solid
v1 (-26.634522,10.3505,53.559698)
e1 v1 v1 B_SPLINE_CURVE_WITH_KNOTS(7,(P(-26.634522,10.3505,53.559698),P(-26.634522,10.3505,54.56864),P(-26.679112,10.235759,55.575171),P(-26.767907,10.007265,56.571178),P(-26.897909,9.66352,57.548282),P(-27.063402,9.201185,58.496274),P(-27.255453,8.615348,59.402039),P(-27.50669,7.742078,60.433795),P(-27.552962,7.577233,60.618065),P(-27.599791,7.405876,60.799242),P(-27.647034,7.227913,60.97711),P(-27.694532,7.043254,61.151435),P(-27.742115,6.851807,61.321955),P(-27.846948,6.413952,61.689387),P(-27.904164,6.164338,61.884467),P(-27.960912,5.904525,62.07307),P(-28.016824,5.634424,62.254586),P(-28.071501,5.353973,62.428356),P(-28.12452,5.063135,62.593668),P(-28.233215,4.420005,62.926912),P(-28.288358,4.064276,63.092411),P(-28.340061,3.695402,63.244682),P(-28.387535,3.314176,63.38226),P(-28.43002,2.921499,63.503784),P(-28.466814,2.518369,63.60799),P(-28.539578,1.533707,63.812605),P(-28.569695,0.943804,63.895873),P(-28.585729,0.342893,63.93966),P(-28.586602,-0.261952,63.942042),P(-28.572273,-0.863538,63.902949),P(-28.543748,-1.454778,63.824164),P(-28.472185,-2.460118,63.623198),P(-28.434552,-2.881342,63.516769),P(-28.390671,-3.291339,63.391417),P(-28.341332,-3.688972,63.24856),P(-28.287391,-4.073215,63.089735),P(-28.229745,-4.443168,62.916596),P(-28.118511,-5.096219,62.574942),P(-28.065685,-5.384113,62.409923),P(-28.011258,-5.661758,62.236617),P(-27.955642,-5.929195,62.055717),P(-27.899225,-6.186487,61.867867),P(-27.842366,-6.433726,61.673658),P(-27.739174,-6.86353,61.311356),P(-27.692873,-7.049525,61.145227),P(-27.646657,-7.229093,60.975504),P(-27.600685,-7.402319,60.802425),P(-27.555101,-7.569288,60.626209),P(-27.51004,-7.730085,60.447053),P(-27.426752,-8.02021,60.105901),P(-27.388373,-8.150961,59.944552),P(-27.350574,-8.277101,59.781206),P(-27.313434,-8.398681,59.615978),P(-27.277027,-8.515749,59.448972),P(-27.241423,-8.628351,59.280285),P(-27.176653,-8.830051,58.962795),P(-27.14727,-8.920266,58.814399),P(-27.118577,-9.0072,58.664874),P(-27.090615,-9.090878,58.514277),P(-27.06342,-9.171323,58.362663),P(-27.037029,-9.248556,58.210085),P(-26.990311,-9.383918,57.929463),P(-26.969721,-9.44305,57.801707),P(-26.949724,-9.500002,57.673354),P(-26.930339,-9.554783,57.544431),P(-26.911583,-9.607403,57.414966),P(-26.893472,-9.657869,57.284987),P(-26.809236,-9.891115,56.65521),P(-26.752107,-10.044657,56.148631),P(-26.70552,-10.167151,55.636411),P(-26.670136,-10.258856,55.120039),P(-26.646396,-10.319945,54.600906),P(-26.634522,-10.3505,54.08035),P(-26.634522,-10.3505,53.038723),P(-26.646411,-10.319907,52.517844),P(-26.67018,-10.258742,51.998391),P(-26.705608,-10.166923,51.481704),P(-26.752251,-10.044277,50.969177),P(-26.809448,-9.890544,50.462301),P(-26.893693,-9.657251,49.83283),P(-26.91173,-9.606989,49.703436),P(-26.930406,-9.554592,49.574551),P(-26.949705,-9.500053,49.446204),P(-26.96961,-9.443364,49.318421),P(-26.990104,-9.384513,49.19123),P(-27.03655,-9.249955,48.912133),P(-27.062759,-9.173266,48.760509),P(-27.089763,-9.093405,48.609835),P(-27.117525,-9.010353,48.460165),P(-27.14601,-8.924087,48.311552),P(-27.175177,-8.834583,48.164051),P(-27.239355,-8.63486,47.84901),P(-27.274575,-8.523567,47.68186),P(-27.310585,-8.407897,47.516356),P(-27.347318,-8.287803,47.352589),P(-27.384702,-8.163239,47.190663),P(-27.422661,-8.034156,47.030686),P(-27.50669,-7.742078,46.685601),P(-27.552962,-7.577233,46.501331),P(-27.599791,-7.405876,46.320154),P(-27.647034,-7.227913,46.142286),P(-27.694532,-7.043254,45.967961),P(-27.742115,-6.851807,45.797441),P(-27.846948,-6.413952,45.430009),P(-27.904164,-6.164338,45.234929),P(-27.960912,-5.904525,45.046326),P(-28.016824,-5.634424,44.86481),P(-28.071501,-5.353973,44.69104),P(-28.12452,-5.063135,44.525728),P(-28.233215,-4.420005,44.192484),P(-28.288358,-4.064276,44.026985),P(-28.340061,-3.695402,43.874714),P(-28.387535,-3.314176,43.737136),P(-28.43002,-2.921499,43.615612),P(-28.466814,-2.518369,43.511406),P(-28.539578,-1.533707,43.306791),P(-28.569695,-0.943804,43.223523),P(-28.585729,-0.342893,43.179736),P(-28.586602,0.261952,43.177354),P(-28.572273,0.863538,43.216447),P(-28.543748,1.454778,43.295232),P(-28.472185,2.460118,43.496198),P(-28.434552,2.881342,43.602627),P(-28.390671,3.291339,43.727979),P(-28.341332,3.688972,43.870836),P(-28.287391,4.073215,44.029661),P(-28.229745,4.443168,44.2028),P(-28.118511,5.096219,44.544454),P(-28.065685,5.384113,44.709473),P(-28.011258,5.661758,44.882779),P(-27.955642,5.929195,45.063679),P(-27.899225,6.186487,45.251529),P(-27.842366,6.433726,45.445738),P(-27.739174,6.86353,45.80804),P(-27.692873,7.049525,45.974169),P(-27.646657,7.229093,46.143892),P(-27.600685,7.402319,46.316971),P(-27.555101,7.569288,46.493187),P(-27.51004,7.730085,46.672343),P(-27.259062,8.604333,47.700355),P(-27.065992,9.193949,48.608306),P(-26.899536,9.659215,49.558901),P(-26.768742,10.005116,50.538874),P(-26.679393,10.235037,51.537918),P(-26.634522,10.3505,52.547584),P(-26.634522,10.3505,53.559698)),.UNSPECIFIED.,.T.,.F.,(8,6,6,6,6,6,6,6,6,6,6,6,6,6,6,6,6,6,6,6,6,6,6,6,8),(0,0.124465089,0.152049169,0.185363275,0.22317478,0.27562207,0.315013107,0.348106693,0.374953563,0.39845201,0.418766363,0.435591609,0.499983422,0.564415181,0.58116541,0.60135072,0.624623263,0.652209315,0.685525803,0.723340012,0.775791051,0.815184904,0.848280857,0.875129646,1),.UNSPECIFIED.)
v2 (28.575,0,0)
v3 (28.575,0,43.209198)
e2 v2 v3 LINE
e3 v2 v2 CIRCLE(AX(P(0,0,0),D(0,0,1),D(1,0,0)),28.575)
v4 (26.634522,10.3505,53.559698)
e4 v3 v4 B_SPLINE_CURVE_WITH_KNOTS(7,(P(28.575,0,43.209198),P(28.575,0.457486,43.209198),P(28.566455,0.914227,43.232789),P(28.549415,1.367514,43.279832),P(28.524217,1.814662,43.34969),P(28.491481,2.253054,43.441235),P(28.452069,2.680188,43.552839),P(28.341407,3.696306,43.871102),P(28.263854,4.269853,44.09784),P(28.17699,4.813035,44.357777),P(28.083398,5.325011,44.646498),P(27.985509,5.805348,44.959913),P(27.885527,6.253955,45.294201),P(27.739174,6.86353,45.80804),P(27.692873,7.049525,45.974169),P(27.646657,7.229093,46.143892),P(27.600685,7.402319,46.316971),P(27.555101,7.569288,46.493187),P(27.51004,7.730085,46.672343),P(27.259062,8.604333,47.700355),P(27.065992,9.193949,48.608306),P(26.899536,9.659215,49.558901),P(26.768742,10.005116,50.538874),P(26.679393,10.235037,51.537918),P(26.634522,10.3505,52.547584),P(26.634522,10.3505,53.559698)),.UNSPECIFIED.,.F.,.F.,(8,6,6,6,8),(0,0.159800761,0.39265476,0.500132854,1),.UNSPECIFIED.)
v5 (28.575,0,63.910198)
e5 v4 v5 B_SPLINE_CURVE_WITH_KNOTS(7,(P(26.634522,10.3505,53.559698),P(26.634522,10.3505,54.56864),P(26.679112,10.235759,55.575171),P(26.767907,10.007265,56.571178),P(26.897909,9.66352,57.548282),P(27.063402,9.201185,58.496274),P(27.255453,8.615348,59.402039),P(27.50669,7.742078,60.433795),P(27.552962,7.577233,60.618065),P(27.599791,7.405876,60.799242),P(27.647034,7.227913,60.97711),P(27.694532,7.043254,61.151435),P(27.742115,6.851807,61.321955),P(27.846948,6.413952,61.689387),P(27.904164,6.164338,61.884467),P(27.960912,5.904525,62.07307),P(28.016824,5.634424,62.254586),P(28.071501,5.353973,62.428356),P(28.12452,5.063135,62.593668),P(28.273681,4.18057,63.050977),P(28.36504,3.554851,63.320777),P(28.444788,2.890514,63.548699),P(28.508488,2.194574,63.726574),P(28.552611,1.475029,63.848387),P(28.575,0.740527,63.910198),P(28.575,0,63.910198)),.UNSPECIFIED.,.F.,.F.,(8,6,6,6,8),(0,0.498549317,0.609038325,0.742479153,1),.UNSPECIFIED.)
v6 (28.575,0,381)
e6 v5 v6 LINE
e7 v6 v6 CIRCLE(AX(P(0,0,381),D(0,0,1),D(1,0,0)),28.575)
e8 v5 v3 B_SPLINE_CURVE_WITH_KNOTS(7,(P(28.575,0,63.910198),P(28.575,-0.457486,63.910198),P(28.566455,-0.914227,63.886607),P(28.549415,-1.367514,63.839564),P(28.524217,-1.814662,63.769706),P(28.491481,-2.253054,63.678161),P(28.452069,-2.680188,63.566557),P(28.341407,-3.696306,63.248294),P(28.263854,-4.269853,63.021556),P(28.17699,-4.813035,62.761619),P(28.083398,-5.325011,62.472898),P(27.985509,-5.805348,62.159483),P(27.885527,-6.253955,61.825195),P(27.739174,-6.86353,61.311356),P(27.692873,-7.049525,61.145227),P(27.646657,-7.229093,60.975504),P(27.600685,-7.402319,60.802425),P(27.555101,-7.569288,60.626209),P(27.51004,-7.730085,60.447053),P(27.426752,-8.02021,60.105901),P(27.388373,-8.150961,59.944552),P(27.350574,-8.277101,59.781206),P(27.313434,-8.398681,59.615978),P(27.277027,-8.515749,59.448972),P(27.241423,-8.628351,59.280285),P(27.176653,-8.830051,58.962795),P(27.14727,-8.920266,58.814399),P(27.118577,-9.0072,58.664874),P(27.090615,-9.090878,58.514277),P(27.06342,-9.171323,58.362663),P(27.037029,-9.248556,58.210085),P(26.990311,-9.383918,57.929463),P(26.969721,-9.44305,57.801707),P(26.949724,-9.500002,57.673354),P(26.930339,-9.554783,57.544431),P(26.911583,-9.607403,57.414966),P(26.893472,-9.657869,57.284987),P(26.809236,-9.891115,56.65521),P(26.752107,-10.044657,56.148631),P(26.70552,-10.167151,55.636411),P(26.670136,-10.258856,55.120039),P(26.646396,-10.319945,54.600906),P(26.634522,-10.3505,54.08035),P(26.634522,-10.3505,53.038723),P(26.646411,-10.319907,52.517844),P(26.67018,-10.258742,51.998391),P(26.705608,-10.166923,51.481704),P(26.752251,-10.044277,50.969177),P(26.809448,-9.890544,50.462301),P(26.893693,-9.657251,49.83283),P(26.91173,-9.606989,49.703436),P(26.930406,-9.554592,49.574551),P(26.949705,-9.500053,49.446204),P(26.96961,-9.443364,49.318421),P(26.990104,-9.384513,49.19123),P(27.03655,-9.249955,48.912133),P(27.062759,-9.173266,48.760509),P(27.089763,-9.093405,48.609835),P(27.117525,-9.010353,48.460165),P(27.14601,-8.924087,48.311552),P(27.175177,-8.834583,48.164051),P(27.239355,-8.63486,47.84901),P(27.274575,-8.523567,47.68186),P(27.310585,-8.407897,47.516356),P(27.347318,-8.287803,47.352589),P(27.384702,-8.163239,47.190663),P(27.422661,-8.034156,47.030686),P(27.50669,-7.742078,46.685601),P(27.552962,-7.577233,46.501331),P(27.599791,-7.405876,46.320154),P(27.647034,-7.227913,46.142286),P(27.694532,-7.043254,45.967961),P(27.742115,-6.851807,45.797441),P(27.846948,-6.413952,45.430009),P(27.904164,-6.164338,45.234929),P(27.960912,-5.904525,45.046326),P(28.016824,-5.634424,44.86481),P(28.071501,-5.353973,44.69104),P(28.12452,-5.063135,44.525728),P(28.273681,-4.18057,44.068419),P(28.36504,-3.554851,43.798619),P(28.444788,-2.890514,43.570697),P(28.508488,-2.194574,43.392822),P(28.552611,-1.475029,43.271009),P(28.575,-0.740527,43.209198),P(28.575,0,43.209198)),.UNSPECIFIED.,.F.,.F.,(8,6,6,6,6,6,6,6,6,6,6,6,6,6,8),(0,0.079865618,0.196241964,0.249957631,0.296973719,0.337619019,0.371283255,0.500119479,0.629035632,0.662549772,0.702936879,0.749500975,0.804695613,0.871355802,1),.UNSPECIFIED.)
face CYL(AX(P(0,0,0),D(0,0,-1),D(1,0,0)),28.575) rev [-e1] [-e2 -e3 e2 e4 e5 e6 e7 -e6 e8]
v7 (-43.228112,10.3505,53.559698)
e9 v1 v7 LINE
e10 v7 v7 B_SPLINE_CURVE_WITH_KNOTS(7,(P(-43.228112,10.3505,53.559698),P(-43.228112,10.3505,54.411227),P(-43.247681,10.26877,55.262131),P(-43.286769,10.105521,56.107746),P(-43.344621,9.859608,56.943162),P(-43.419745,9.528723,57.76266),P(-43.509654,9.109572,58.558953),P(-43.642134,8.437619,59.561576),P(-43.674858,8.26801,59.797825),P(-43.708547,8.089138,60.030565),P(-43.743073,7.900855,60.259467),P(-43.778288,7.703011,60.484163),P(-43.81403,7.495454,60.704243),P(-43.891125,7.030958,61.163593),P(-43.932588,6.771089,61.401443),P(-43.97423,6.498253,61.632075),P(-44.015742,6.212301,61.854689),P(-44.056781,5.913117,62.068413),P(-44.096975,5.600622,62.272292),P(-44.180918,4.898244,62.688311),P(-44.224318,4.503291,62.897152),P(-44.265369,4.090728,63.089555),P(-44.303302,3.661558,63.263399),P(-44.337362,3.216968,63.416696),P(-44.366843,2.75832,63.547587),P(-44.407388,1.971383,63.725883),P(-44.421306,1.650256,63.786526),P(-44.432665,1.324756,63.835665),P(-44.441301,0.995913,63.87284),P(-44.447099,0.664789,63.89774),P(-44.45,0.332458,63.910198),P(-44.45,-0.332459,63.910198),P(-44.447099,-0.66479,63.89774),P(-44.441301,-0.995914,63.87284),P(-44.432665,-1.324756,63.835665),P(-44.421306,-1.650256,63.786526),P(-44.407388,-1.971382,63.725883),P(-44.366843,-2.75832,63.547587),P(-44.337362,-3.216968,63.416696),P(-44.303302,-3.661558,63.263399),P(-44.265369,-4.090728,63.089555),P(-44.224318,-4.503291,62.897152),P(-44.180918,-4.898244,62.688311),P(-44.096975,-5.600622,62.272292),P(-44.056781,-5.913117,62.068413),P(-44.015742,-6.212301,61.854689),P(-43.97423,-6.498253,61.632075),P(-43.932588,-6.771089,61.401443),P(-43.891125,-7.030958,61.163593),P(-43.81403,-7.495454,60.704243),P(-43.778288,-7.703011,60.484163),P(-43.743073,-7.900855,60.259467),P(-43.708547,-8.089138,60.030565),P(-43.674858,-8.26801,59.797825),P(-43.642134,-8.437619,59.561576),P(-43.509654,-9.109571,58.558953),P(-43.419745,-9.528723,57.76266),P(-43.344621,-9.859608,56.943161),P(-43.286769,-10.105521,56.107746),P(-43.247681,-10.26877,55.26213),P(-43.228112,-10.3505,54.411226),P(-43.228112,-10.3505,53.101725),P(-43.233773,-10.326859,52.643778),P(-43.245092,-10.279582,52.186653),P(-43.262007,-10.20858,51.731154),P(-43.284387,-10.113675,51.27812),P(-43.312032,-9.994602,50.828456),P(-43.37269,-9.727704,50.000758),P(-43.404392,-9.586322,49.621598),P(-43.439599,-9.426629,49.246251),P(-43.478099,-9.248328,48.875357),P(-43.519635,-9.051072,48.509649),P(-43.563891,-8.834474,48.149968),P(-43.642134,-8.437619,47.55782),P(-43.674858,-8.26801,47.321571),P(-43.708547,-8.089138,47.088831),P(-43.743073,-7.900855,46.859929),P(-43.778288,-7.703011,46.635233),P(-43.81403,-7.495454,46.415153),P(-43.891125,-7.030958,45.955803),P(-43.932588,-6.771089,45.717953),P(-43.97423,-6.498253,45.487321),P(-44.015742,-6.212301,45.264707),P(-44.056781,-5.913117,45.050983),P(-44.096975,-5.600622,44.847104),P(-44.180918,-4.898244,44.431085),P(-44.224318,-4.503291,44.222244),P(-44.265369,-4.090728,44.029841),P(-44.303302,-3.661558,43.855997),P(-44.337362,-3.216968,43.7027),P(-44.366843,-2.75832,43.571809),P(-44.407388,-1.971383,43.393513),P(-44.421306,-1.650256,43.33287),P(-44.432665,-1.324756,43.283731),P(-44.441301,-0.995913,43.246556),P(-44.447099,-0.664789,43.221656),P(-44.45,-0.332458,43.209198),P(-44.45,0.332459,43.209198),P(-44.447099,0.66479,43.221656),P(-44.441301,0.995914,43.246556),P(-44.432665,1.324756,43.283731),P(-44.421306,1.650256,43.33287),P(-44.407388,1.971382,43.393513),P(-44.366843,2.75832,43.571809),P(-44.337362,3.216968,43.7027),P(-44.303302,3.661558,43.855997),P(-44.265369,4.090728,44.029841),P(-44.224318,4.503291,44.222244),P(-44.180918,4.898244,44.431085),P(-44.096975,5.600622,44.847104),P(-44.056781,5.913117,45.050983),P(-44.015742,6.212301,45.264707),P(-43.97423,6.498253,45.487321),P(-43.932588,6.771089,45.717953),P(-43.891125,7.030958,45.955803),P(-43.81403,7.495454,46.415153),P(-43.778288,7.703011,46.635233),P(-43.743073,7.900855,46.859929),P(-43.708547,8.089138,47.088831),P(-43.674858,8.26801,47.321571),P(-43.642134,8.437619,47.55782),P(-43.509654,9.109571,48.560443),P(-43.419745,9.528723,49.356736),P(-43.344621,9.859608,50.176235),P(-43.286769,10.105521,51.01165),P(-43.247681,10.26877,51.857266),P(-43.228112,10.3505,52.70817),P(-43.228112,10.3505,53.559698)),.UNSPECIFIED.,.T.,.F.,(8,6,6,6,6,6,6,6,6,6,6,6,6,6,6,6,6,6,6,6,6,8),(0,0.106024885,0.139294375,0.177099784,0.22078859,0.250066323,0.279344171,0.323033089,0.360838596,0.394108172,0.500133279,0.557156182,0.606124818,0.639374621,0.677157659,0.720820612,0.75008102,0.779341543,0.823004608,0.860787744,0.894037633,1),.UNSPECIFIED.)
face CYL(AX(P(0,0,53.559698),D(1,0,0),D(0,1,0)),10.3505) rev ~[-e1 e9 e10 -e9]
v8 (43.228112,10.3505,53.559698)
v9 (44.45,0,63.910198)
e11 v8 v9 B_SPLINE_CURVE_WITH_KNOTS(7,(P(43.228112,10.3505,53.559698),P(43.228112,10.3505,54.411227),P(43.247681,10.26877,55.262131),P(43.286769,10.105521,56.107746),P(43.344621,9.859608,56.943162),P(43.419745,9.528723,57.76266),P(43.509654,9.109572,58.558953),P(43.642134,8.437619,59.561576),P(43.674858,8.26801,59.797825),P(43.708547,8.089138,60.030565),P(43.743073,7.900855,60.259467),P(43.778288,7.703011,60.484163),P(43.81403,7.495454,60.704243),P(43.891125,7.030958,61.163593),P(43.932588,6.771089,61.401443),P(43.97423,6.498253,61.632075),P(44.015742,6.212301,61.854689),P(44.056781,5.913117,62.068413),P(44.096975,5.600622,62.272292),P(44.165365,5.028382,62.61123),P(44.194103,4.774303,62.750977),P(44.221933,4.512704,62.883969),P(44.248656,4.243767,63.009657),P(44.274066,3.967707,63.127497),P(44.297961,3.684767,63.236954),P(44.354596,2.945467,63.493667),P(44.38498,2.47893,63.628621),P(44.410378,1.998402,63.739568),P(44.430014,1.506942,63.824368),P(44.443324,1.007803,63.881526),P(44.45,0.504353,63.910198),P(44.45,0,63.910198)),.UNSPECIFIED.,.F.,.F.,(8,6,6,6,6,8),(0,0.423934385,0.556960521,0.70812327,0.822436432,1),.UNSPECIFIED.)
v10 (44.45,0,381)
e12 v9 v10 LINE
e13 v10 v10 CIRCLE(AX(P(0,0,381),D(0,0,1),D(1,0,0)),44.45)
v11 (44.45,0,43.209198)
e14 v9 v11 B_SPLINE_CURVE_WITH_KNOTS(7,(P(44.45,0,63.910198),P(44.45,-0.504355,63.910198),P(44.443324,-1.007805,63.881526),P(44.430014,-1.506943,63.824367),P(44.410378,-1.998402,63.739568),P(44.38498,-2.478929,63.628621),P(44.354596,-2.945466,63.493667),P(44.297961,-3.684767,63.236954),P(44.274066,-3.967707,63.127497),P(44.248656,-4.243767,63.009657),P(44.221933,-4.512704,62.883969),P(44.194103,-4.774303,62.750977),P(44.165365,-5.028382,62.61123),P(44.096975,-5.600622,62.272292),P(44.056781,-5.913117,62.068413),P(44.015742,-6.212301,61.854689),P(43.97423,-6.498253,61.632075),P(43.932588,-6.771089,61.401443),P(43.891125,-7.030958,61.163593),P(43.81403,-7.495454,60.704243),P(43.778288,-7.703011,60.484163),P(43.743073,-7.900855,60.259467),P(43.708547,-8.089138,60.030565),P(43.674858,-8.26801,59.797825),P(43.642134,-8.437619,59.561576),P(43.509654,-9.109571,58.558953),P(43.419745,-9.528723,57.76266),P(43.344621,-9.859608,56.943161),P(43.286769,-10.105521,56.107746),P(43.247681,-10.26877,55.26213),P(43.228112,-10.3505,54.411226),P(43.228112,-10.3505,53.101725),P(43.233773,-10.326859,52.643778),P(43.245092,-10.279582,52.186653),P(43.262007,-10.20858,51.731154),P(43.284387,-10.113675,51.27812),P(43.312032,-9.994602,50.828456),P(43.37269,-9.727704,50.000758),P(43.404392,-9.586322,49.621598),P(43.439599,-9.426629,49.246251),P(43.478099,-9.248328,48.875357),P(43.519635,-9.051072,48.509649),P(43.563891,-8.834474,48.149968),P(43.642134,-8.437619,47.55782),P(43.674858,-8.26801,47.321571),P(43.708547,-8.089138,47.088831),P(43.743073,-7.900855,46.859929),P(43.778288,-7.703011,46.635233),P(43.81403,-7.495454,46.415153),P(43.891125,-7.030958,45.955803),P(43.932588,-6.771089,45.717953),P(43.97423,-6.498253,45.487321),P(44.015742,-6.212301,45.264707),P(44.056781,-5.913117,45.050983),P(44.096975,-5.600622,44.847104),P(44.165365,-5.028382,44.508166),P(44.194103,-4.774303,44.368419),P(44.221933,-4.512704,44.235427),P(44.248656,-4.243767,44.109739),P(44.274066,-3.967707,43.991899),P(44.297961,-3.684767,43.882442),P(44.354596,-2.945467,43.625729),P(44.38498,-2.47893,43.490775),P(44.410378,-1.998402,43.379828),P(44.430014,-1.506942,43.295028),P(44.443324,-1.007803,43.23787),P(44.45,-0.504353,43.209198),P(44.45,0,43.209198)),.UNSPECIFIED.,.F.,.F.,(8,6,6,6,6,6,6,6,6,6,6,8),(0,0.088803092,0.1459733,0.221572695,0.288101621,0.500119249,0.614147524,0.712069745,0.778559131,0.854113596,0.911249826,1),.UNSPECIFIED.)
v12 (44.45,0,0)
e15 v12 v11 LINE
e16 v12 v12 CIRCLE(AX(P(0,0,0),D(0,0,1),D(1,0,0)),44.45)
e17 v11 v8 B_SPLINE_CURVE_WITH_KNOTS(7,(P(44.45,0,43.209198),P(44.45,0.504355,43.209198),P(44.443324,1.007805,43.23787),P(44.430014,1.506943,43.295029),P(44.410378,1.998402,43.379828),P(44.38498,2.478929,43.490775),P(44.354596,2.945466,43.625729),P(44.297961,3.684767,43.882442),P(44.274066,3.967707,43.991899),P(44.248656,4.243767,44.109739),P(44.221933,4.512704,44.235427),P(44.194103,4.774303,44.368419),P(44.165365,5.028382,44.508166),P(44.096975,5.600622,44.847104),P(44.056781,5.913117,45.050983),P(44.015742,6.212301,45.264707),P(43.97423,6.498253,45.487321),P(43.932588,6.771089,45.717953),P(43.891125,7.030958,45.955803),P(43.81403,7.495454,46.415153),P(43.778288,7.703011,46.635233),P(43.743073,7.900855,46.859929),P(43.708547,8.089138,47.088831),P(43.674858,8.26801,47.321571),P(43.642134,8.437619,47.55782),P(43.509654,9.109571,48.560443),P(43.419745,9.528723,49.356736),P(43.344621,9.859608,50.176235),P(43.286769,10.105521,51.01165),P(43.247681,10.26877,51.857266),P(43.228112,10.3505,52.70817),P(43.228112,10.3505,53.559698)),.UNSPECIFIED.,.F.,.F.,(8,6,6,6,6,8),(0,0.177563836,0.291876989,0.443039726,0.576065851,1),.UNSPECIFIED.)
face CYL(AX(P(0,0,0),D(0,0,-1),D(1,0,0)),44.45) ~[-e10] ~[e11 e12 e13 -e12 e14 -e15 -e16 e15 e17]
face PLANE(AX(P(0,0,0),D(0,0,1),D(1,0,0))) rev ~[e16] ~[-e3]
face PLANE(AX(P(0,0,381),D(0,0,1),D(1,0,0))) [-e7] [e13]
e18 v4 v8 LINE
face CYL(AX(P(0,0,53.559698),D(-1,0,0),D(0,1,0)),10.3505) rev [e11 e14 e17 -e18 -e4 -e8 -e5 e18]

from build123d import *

# Parameters (mm, degrees)
F0_R     = 44.45
F0_R_2   = 28.575
F1_DEPTH = 381
F2_R     = 10.3505
F3_DEPTH = 119.888
F4_DEPTH = 65.786


with BuildPart() as f1:
    # F0 (on Top) → F1 (new body)
    with BuildSketch(Plane.XY):
        Circle(F0_R)
        Circle(F0_R_2, mode=Mode.SUBTRACT)
    extrude(amount=F1_DEPTH)

    # F2 (on Right) → F3 (cut)
    with BuildSketch(Plane.YZ):
        with Locations((0, 53.559698)):
            Circle(F2_R)
    extrude(amount=-F3_DEPTH, mode=Mode.SUBTRACT)

    # F2 (on Right) → F4 (cut)
    with BuildSketch(Plane.YZ):
        with Locations((0, 53.559698)):
            Circle(F2_R)
    extrude(amount=F4_DEPTH, mode=Mode.SUBTRACT)


solid = f1.part
